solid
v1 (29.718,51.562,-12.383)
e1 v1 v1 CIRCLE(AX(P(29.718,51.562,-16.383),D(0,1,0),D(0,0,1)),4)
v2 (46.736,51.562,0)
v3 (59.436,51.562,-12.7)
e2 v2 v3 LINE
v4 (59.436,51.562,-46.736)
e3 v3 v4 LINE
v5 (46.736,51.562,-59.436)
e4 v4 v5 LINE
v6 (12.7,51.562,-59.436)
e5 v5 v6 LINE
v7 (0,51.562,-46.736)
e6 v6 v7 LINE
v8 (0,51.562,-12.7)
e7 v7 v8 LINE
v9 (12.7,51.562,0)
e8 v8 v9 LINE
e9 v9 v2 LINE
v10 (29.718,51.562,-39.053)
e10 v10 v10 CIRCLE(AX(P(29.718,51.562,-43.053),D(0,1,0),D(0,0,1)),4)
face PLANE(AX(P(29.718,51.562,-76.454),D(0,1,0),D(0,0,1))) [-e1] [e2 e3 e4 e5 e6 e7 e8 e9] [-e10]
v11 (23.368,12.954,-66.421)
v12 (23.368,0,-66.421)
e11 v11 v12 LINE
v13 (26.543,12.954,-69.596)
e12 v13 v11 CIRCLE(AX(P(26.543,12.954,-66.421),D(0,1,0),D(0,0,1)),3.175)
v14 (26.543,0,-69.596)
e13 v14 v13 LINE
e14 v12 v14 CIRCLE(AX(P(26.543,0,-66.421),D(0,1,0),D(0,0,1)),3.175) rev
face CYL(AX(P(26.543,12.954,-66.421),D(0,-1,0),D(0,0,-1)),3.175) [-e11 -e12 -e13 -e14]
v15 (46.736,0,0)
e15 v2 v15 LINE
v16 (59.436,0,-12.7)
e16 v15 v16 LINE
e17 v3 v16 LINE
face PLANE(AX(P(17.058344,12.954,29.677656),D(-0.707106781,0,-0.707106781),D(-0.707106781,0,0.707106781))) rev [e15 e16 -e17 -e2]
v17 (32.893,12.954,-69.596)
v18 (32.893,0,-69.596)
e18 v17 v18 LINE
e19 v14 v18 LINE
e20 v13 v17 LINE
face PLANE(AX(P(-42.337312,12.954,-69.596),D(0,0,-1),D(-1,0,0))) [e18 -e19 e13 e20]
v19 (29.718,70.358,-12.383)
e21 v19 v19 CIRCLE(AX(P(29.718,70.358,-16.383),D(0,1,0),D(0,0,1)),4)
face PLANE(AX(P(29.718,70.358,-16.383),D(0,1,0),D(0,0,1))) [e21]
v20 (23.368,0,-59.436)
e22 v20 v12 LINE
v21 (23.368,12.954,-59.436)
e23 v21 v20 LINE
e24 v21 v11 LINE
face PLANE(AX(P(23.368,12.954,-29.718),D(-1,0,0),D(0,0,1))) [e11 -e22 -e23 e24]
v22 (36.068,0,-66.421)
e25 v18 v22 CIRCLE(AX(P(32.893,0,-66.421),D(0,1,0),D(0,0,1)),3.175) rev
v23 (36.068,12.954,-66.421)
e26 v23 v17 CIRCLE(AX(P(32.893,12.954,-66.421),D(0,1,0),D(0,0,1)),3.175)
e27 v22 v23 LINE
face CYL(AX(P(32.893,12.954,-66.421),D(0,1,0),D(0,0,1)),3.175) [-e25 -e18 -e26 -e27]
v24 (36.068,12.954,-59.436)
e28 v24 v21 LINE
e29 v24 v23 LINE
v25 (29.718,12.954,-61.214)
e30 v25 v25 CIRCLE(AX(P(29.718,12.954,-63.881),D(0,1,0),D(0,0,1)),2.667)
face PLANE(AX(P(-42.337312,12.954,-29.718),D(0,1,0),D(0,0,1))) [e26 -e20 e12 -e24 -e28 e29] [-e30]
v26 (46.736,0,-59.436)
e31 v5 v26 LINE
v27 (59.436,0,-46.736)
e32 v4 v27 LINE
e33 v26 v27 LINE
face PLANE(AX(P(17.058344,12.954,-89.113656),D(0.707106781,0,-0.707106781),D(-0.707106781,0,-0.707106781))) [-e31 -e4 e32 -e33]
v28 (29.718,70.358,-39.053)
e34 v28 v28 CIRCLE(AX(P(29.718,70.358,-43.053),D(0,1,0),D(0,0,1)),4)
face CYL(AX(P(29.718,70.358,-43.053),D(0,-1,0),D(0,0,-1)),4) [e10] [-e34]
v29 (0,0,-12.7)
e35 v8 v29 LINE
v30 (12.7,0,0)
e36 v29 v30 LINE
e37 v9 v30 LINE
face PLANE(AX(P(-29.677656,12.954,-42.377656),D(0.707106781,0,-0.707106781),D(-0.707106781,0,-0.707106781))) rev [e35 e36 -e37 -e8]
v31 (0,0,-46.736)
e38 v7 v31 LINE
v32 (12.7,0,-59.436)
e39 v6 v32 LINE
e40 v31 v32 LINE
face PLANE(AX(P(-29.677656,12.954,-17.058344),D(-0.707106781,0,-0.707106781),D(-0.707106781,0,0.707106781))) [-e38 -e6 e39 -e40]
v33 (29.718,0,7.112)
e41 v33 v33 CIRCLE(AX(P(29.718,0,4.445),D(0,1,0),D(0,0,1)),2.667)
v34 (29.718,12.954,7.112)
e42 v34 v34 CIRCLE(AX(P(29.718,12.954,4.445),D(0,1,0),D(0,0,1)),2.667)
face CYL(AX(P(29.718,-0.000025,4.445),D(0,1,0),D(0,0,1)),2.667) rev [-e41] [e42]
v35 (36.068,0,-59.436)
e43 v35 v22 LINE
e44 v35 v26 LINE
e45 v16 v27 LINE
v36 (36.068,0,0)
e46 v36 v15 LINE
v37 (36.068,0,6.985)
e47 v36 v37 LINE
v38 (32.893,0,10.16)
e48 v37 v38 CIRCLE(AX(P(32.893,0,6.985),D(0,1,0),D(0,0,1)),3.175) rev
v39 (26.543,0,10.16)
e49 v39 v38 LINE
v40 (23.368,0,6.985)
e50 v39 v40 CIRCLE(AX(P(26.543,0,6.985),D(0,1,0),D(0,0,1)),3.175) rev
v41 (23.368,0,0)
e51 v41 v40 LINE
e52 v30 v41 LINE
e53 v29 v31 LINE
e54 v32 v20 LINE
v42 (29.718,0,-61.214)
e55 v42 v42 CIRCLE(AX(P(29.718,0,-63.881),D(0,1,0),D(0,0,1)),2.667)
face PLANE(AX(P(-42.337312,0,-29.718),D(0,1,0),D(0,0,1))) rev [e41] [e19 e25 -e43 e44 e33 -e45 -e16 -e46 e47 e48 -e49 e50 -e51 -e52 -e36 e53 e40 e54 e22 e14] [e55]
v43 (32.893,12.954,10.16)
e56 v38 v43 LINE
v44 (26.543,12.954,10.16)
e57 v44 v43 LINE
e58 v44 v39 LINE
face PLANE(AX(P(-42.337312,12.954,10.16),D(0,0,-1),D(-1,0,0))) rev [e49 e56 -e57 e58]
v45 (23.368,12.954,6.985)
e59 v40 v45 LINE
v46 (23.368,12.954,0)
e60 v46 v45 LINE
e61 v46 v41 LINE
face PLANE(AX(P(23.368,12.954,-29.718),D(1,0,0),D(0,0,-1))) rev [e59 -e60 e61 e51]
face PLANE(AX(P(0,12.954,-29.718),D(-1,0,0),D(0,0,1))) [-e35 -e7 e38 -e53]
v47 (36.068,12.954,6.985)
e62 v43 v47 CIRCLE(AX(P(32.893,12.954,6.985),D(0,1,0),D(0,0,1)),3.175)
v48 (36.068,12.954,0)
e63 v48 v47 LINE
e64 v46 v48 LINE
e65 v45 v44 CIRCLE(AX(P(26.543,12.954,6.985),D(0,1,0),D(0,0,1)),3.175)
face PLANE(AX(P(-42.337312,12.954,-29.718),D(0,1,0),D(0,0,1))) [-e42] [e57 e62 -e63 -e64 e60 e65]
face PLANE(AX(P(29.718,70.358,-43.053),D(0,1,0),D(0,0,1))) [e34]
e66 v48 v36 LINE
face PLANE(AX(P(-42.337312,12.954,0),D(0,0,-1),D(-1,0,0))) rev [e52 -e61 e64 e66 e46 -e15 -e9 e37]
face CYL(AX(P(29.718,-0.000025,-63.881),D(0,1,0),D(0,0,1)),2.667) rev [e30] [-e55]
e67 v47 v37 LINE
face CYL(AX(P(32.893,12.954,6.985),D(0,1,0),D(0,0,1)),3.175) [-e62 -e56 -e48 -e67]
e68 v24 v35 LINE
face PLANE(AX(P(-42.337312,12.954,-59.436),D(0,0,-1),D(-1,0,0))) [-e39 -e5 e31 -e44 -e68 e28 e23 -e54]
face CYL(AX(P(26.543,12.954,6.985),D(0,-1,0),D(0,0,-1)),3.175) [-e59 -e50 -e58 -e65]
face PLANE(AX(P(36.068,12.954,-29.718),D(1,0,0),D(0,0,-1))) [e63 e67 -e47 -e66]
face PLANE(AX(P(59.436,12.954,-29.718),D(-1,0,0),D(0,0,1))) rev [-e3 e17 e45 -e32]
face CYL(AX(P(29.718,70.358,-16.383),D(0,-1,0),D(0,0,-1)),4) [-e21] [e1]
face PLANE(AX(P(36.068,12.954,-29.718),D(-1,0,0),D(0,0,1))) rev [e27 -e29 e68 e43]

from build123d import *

# Parameters (mm, degrees)
BOSS_EXTRUDE1_DEPTH = 12.954
BOSS_EXTRUDE2_DEPTH = 38.608
SKETCH3_R           = 2.667
CUT_EXTRUDE1_DEPTH  = 100.331862844
FILLET1_R           = 3.175
SKETCH4_R           = 4
BOSS_EXTRUDE3_DEPTH = 18.796


with BuildPart() as part:
    # Sketch1 → Boss-Extrude1 (new body)
    with BuildSketch(Plane(origin=(0, 0, 0), x_dir=(1, 0, 0), z_dir=(0, 1, 0))):
        Polygon((36.068, 0), (29.718, 0), (23.368, 0), (23.368, -10.16), (36.068, -10.16), align=None)
        Polygon((36.068, 59.436), (29.718, 59.436), (29.718, 0), (36.068, 0), (46.736, 0), (59.436, 12.7), (59.436, 46.736), (46.736, 59.436), align=None)
        Polygon((29.718, 0), (29.718, 59.436), (23.368, 59.436), (12.7, 59.436), (0, 46.736), (0, 12.7), (12.7, 0), (23.368, 0), align=None)
        Polygon((23.368, 59.436), (29.718, 59.436), (36.068, 59.436), (36.068, 69.596), (23.368, 69.596), align=None)
    extrude(amount=BOSS_EXTRUDE1_DEPTH)

    # Sketch2 → Boss-Extrude2 (add)
    with BuildSketch(Plane(origin=(0, 12.954, 0), x_dir=(1, 0, 0), z_dir=(0, 1, 0))):
        Polygon((23.368, 59.436), (36.068, 59.436), (46.736, 59.436), (59.436, 46.736), (59.436, 12.7), (46.736, 0), (36.068, 0), (23.368, 0), (12.7, 0), (0, 12.7), (0, 46.736), (12.7, 59.436), align=None)
    extrude(amount=BOSS_EXTRUDE2_DEPTH)

    # Sketch3 → Cut-Extrude1 (cut, through all)
    with BuildSketch(Plane(origin=(0, 12.954, 0), x_dir=(1, 0, 0), z_dir=(0, 1, 0))):
        with Locations(Location((29.718, 63.881, 0), (0, 0, 270))):
            Circle(SKETCH3_R)
        with Locations(Location((29.718, -4.445, 0), (0, 0, 270))):
            Circle(SKETCH3_R)
    extrude(amount=-CUT_EXTRUDE1_DEPTH, mode=Mode.SUBTRACT)

    # Fillet1
    fillet1_edges = [part.edges().sort_by_distance(p)[0] for p in [
        (36.068, 6.477, 10.16),
        (23.368, 6.477, 10.16),
        (23.368, 6.477, -69.596),
        (36.068, 6.477, -69.596),
    ]]
    fillet(fillet1_edges, radius=FILLET1_R)

    # Sketch4 → Boss-Extrude3 (add)
    with BuildSketch(Plane(origin=(0, 51.562, 0), x_dir=(1, 0, 0), z_dir=(0, 1, 0))):
        with Locations(Location((29.718, 43.053, 0), (0, 0, 270))):
            Circle(SKETCH4_R)
        with Locations(Location((29.718, 16.383, 0), (0, 0, 270))):
            Circle(SKETCH4_R)
    extrude(amount=BOSS_EXTRUDE3_DEPTH)


solid = part.part
